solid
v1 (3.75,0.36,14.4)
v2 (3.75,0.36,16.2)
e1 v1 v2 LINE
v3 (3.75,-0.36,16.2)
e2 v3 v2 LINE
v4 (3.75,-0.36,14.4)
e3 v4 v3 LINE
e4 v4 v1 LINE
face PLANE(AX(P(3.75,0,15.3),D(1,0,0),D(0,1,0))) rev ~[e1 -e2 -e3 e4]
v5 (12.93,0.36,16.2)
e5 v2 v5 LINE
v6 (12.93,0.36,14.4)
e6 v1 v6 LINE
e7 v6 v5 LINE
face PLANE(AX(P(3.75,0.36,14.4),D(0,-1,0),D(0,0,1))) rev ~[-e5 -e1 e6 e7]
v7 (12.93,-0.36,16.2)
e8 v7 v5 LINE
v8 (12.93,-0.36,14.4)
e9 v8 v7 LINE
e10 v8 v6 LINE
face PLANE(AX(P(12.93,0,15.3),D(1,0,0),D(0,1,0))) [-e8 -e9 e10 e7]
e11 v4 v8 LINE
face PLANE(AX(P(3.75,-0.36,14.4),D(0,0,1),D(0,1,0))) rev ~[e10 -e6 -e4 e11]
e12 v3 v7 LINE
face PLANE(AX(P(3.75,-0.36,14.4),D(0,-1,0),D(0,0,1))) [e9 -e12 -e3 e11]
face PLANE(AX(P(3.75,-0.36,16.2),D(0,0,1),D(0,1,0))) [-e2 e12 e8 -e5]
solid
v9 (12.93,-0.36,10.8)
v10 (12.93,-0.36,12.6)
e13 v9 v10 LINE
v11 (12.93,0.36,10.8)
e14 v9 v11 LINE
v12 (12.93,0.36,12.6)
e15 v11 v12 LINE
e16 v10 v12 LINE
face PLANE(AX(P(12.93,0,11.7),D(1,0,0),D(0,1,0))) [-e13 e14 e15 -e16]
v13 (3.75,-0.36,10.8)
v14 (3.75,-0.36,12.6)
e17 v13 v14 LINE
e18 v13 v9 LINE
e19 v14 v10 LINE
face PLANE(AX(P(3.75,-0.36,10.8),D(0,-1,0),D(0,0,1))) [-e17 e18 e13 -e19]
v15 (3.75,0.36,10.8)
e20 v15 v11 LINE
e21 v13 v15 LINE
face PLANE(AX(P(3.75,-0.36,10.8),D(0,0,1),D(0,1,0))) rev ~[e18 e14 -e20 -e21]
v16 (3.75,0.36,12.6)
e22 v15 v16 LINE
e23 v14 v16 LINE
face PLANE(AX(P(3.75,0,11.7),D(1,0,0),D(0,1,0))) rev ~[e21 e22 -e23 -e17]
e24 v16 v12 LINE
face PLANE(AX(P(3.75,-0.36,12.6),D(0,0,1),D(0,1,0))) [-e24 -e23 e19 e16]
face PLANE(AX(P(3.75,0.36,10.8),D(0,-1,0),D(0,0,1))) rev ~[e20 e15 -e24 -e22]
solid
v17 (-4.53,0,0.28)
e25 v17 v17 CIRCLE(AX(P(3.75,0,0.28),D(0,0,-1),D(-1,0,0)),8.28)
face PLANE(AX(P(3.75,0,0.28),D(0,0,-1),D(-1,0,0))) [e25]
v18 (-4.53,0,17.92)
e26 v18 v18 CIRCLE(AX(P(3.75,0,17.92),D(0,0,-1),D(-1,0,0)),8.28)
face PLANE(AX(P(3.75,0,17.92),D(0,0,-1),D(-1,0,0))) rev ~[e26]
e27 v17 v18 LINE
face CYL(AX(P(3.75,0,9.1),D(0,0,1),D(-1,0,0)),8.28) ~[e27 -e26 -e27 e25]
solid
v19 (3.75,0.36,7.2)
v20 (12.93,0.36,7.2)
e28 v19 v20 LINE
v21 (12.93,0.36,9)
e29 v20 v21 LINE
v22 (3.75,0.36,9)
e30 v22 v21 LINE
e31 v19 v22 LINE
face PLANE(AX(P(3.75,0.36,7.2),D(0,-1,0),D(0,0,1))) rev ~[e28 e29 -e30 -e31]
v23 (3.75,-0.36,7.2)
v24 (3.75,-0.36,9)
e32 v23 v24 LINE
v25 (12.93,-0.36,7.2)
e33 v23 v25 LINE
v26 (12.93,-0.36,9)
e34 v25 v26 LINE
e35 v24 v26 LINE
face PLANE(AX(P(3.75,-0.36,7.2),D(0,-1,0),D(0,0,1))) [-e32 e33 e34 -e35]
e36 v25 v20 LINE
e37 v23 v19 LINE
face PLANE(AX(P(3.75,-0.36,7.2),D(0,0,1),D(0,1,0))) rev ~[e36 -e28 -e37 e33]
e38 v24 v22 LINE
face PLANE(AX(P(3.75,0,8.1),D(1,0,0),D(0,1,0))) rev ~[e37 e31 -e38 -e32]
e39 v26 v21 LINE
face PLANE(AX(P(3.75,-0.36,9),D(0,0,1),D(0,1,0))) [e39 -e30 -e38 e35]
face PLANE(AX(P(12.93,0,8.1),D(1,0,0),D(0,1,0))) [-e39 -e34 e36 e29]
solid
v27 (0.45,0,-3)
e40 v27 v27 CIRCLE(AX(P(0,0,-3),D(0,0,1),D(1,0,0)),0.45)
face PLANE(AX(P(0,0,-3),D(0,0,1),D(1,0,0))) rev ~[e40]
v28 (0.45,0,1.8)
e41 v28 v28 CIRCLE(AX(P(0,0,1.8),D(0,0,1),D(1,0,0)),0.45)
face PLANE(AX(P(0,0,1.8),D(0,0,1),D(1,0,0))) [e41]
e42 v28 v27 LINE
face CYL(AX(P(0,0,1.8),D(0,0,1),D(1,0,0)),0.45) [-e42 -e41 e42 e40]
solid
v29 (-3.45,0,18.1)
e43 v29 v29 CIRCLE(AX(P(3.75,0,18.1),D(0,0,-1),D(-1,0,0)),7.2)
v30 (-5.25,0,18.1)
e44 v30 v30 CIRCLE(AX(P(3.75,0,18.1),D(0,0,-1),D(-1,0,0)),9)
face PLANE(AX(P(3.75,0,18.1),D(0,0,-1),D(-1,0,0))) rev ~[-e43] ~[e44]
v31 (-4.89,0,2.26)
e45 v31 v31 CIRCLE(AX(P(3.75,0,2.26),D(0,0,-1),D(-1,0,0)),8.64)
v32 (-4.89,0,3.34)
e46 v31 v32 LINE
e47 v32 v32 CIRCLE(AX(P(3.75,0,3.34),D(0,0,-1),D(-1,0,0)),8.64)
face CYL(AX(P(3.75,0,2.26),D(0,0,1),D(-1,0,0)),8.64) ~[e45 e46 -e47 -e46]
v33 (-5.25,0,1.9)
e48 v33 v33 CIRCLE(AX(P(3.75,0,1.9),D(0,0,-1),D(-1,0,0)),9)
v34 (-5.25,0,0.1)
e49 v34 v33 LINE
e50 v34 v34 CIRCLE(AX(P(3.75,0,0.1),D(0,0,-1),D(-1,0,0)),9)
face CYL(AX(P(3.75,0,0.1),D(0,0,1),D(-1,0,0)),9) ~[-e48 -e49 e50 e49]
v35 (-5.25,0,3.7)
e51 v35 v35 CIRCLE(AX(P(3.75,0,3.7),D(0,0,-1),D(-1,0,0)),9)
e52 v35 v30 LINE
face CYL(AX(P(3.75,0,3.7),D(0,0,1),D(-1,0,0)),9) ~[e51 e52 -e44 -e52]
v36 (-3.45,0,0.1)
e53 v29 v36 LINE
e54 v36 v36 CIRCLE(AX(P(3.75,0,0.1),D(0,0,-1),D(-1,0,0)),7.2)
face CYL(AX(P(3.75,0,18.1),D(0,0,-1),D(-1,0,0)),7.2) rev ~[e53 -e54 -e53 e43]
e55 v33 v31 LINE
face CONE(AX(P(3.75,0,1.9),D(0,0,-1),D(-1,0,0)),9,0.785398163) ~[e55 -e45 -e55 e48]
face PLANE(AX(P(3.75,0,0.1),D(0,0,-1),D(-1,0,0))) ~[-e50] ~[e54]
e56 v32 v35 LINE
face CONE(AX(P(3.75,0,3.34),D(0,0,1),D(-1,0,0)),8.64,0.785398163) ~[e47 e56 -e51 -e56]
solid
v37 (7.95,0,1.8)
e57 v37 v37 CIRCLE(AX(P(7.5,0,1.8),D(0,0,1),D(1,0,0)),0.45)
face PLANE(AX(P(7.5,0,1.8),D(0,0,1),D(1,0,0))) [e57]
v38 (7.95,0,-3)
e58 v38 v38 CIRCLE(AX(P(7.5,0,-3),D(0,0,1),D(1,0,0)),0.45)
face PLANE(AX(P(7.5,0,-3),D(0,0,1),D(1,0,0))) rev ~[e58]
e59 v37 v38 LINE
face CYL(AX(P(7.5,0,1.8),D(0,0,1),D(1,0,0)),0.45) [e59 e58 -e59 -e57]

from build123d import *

# Parameters (mm, degrees)
SKETCH002_W  = 8.28
SKETCH002_H  = 17.64
SKETCH003_R  = 0.45
PAD_DEPTH    = 4.8
SKETCH004_W  = 0.72
SKETCH004_H  = 1.8
PAD001_DEPTH = 9.18


with BuildPart() as revolution:
    # Sketch → Revolution (revolve)
    with BuildSketch(Plane.XZ):
        Polygon((-5.25, 0.1), (-5.25, 1.9), (-4.89, 2.26), (-4.89, 3.34), (-5.25, 3.7), (-5.25, 18.1), (-3.45, 18.1), (-3.45, 0.1), align=None)
    revolve(axis=Axis((3.75, 0, 7.548619), (0, 0, -1)))


with BuildPart() as revolution001:
    # Sketch002 → Revolution001 (revolve)
    with BuildSketch(Plane.XZ):
        with Locations((-0.39, 9.1)):
            Rectangle(SKETCH002_W, SKETCH002_H)
    revolve(axis=Axis((3.75, 0, 4.680116), (0, 0, -1)))


with BuildPart() as pad:
    # Sketch003 → Pad (new body)
    with BuildSketch(Plane.XY.offset(1.8)):
        Circle(SKETCH003_R)
        with Locations((7.5, 0)):
            Circle(SKETCH003_R)
    extrude(amount=-PAD_DEPTH)


with BuildPart() as pad001:
    # Sketch004 → Pad001 (new body)
    with BuildSketch(Plane.YZ.offset(3.75)):
        with Locations((0, 8.1)):
            Rectangle(SKETCH004_W, SKETCH004_H)
        with Locations((0, 11.7)):
            Rectangle(SKETCH004_W, SKETCH004_H)
        with Locations((0, 15.3)):
            Rectangle(SKETCH004_W, SKETCH004_H)
    extrude(amount=PAD001_DEPTH)


solid = Compound([revolution.part, revolution001.part, pad.part, pad001.part])
